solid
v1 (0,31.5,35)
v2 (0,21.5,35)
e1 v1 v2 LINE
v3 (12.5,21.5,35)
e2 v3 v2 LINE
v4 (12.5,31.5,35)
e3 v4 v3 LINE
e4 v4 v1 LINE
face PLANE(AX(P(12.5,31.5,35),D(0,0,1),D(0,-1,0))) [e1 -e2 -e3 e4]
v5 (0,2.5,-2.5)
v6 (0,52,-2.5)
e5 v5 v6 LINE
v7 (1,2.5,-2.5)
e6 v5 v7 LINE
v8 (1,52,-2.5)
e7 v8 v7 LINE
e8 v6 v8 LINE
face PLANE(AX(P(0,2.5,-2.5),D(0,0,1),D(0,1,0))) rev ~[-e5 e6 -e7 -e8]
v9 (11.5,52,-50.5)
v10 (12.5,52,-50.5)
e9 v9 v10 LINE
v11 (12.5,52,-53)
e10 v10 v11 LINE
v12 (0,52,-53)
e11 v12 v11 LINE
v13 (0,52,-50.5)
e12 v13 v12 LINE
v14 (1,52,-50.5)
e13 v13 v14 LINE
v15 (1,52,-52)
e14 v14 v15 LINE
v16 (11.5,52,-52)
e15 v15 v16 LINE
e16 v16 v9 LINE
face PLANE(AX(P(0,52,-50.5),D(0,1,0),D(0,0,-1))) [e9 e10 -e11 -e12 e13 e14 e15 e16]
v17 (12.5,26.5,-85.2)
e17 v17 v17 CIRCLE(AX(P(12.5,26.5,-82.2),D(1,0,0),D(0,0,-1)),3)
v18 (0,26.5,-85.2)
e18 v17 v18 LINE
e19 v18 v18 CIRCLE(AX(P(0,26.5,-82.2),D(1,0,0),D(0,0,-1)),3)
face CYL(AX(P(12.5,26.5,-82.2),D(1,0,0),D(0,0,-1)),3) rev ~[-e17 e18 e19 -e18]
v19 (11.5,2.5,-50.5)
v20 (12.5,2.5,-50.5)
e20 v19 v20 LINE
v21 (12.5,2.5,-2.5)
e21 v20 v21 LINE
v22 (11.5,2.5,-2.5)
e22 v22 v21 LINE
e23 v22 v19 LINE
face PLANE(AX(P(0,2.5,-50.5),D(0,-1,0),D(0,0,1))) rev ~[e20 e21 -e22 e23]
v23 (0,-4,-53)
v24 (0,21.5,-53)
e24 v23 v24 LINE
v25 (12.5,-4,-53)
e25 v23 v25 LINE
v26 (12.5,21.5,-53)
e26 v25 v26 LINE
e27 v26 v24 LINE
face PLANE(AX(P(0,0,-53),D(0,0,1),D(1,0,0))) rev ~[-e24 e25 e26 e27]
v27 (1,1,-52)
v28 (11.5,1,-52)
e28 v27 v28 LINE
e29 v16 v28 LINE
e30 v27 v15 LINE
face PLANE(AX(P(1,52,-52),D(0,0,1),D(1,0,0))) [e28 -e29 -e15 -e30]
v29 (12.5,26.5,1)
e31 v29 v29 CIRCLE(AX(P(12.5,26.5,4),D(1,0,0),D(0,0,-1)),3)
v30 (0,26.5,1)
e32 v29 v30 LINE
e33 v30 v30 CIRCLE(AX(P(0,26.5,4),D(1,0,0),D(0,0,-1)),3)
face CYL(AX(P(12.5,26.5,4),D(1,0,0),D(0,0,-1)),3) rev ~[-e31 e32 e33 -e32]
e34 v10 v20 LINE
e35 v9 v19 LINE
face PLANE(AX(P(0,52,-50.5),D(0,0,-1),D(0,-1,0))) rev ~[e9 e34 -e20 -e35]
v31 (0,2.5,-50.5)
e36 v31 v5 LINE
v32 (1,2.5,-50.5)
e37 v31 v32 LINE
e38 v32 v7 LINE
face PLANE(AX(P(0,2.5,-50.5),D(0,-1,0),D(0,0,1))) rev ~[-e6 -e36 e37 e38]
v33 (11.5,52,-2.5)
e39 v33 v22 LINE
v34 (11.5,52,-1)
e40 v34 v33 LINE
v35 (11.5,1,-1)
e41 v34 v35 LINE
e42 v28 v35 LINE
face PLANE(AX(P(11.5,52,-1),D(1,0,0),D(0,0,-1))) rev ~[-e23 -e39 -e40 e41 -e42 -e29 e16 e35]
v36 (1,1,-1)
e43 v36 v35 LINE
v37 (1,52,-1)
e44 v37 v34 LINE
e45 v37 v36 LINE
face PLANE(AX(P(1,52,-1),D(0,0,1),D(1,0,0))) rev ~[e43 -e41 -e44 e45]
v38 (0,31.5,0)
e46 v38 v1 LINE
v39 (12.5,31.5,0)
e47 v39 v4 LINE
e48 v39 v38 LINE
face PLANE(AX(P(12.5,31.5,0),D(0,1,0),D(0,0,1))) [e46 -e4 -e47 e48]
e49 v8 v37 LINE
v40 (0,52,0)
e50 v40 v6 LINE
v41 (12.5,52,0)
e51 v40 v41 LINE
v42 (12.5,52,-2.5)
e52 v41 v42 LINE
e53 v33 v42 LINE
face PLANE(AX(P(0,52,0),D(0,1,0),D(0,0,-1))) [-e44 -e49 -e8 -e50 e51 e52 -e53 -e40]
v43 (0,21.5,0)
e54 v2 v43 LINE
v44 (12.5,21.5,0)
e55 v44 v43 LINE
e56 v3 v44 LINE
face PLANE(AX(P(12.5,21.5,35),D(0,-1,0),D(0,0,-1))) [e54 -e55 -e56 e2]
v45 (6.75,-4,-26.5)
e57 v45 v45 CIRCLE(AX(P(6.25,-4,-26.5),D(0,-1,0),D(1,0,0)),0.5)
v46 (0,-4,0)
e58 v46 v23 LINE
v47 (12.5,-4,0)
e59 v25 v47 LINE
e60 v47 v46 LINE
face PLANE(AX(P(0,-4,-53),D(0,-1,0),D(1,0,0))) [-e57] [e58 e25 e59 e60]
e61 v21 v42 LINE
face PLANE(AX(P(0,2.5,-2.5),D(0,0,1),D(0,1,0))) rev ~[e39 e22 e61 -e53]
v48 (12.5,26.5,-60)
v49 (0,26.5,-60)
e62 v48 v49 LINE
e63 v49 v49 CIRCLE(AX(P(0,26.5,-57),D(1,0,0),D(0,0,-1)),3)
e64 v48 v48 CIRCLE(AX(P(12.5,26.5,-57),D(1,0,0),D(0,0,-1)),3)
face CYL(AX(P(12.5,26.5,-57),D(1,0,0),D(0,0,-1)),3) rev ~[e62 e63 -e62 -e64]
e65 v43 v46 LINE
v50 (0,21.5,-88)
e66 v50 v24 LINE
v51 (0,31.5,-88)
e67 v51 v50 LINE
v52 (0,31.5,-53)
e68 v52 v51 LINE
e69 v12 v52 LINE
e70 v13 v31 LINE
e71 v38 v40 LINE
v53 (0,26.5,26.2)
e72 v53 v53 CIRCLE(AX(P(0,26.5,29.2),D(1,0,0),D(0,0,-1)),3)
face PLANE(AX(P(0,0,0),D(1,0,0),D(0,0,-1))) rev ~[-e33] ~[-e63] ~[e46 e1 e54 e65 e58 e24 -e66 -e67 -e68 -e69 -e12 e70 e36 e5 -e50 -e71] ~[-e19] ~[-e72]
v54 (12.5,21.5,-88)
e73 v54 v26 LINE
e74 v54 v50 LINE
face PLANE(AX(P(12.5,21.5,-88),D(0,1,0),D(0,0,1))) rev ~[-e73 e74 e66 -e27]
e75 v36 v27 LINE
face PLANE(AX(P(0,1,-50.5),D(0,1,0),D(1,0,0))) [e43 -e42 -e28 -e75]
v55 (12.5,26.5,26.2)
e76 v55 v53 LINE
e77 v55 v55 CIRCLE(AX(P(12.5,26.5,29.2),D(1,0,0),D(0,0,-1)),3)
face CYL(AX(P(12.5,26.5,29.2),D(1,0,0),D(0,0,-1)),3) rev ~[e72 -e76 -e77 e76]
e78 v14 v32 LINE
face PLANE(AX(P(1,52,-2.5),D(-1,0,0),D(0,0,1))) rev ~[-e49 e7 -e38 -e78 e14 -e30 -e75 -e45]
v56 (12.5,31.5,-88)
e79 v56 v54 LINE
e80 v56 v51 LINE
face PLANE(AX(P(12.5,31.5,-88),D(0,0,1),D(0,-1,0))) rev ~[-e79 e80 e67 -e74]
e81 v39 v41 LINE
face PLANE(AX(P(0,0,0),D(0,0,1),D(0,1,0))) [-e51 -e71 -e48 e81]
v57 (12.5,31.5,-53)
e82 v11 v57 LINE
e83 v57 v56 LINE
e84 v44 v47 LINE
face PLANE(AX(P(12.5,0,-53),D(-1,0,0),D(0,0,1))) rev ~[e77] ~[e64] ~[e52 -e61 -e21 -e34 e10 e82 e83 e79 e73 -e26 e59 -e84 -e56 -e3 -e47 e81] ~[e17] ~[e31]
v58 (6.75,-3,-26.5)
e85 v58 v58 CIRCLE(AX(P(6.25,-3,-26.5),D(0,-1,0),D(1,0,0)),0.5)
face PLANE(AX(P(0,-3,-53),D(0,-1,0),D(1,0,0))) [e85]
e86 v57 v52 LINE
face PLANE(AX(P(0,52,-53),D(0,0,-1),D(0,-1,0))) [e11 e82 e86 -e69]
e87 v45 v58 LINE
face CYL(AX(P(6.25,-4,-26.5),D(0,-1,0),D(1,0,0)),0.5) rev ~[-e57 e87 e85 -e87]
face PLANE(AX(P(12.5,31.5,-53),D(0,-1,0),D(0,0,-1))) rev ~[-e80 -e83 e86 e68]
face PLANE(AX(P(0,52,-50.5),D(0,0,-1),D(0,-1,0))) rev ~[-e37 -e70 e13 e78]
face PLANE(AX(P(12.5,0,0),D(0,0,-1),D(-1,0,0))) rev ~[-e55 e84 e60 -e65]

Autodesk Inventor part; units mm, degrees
ref_plane "YZ Plane" through (0, 0, 0) normal (1, 0, 0) x (0, 1, 0)
ref_plane "XZ Plane" through (0, 0, 0) normal (0, 1, 0) x (-1, 0, 0)
ref_plane "XY Plane" through (0, 0, 0) normal (0, 0, 1) x (1, 0, 0)
sketch "Sketch1" plane through (0, 0, 0) normal (1, 0, 0) x (0, 1, 0)
  line L0 (0, 0) -> (52, 0)
  line L1 (52, 0) -> (52, -53)
  line L2 (52, -53) -> (0, -53)
  line L3 (0, -53) -> (0, 0)
  line L4 (0, 0) -> (2.5, 0) construction
  line L5 (2.5, 0) -> (2.5, -2.5) construction
  line L6 (52, -53) -> (52, -50.5) construction
  line L7 (52, 0) -> (52, -2.5) construction
  line L8 (2.5, -2.5) -> (52, -2.5)
  line L9 (52, -2.5) -> (52, -50.5)
  line L10 (52, -50.5) -> (2.5, -50.5)
  line L11 (2.5, -50.5) -> (2.5, -2.5)
  dimension "d0" = 53
  dimension "d1" = 52
  dimension "d2" = 2.5
  dimension "d3" = 2.5
  dimension "d4" = 2.5
  dimension "d5" = 2.5
extrude "Extrusion1" add sketch "Sketch1" along normal blind 12.5 contours L0 L1 L8 L11 L10 L2 L3
sketch "Sketch2" plane through (0, 52, -50.5) normal (0, 1, 0) x (1, 0, 0)
  line L0 (12.5, 2.5) -> (12.5, 0) construction
  line L1 (12.5, 2.5) -> (11.5, 2.5) construction
  line L2 (0, 2.5) -> (12.5, 2.5) construction
  line L3 (11.5, 2.5) -> (11.5, 1.5) construction
  line L4 (0, 2.5) -> (1, 2.5) construction
  line L5 (1, 2.5) -> (1, 1.5) construction
  line L6 (0, -50.5) -> (12.5, -50.5) construction
  line L7 (12.5, -50.5) -> (11.5, -50.5) construction
  line L8 (11.5, -50.5) -> (11.5, -49.5) construction
  line L9 (0, -50.5) -> (1, -50.5) construction
  line L10 (1, -50.5) -> (1, -49.5) construction
  line L11 (1, -49.5) -> (11.5, -49.5)
  line L12 (11.5, -49.5) -> (11.5, -48)
  line L13 (11.5, -48) -> (1, -48)
  line L14 (1, -48) -> (1, -49.5)
  line L15 (1, 1.5) -> (11.5, 1.5)
  line L16 (11.5, 1.5) -> (11.5, 0)
  line L17 (11.5, 0) -> (1, 0)
  line L18 (1, 0) -> (1, 1.5)
  dimension "d8" = 1
  dimension "d9" = 1
  dimension "d10" = 1
  dimension "d11" = 1
  dimension "d14" = 1
  dimension "d15" = 1
  dimension "d16" = 1
  dimension "d17" = 1
  dimension "d18" = 1.5
  dimension "d19" = 10.5
  dimension "d20" = 10.5
  dimension "d21" = 1.5
extrude "Extrusion2" cut sketch "Sketch2" against normal blind 51
sketch "Sketch3" plane through (0, 2.5, -2.5) normal (0, 1, 0) x (1, 0, 0)
  line L0 (0, -2.5) -> (1, -2.5) construction
  line L1 (0, -2.5) -> (12.5, -2.5) construction
  line L2 (0, -2.5) -> (0, -1.5) construction
  line L3 (0, -2.5) -> (0, 50.5) construction
  line L4 (0, -1.5) -> (1, -1.5) construction
  line L5 (1, -1.5) -> (11.5, -1.5)
  line L6 (11.5, -1.5) -> (11.5, 49.5)
  line L7 (11.5, 49.5) -> (1, 49.5)
  line L8 (1, 49.5) -> (1, -1.5)
  dimension "d23" = 1
  dimension "d24" = 1
  dimension "d25" = 10.5
  dimension "d26" = 51
extrude "Extrusion3" cut sketch "Sketch3" against normal blind 1.5
sketch "Sketch4" plane through (12.5, 0, 0) normal (1, 0, 0) x (0, 0, -1)
  line L0 (53, 52) -> (50.5, 52) construction
  line L1 (53, 52) -> (53, 26.5) construction
  line L2 (53, 26.5) -> (108.8773, 26.5) construction
  line L3 (53, 26.5) -> (53, 31.5) construction
  line L4 (53, 0) -> (53, 52) construction
  line L5 (53, 31.5) -> (88, 31.5)
  line L6 (88, 31.5) -> (88, 21.5)
  line L7 (88, 21.5) -> (53, 21.5)
  line L8 (53, 21.5) -> (53, 31.5)
  line L9 (0, 52) -> (0, 26.5) construction
  line L10 (0, 52) -> (0, 0) construction
  line L11 (0, 26.5) -> (-54.8348, 26.5) construction
  line L12 (0, 26.5) -> (0, 31.5) construction
  line L13 (0, 31.5) -> (-35, 31.5)
  line L14 (-35, 31.5) -> (-35, 21.5)
  line L15 (-35, 21.5) -> (0, 21.5)
  line L16 (0, 21.5) -> (0, 31.5)
  dimension "d29" = 25.5
  dimension "d30" = 5
  dimension "d31" = 10
  dimension "d32" = 35
  dimension "d41" = 25.5
  dimension "d42" = 5
  dimension "d43" = 35
  dimension "d44" = 10
extrude "Extrusion4" add sketch "Sketch4" against normal blind 12.5
sketch "Sketch5" plane through (12.5, 0, 0) normal (1, 0, 0) x (0, 0, -1)
  line L0 (53, 52) -> (50.5, 52) construction
  line L1 (50.5, 52) -> (50.5, 26.5) construction
  line L2 (50.5, 52) -> (50.5, 2.5) construction
  line L3 (50.5, 26.5) -> (53, 26.5) construction
  line L4 (53, 26.5) -> (57, 26.5) construction
  circle A0 centre (57, 26.5) radius 3
  line L5 (57, 26.5) -> (82.2, 26.5) construction
  circle A1 centre (82.2, 26.5) radius 3
  line L6 (0, 52) -> (0, 26.5) construction
  line L7 (0, 26.5) -> (-4, 26.5) construction
  line L8 (-4, 26.5) -> (-29.2, 26.5) construction
  circle A2 centre (-4, 26.5) radius 3
  circle A3 centre (-29.2, 26.5) radius 3
  point P0 (0, 0)
  dimension "d35" = 25.5
  dimension "d36" = 2.5
  dimension "d37" = 6
  dimension "d38" = 4
  dimension "d39" = 25.2
  dimension "d40" = 6
  dimension "d45" = 25.5
  dimension "d46" = 4
  dimension "d47" = 25.2
  dimension "d48" = 6
  dimension "d49" = 6
extrude "Extrusion5" cut sketch "Sketch5" against normal blind 12.5
sketch "Sketch6" plane through (0, 0, -53) normal (0, -1, 0) x (1, 0, 0)
  line L0 (12.5, 53) -> (0, 53)
  line L1 (0, 53) -> (0, 0)
  line L2 (0, 0) -> (12.5, 0)
  line L3 (12.5, 0) -> (12.5, 53)
  line L4 (12.5, 53) -> (12.5, 0) projected
  dimension "d54" = 0
extrude "Extrusion6" add sketch "Sketch6" along normal blind 4
sketch "Sketch7" plane through (0, -4, -53) normal (0, -1, 0) x (1, 0, 0)
  line L0 (12.5, 53) -> (0, 53) construction
  line L1 (6.25, 53) -> (6.25, 26.5) construction
  circle A0 centre (6.25, 26.5) radius 0.5
  dimension "d55" = 26.5
  dimension "d56" = 1
extrude "Extrusion7" cut sketch "Sketch7" against normal blind 1
equation "\"d0\" = lfan + 2 * thickness"
equation "\"d1\" = lfan + thickness"
equation "\"d2\" = fanclip"
equation "\"d3\" = fanclip"
equation "\"d4\" = fanclip"
equation "\"d5\" = fanclip"
equation "\"d6\" = tfan + 2 * thickness"
equation "\"d8\" = thickness"
equation "\"d9\" = thickness"
equation "\"d10\" = thickness"
equation "\"d11\" = thickness"
equation "\"d14\" = thickness"
equation "\"d15\" = thickness"
equation "\"d16\" = thickness"
equation "\"d17\" = thickness"
equation "\"d18\" = fanclip - thickness"
equation "\"d19\" = tfan"
equation "\"d20\" = tfan"
equation "\"d21\" = fanclip - thickness"
equation "\"d12\" = lfan"
equation "\"d23\" = thickness"
equation "\"d24\" = thickness"
equation "\"d25\" = tfan"
equation "\"d26\" = lfan"
equation "\"d27\" = fanclip - thickness"
equation "\"d29\" = 0.5 * lfan"
equation "\"d30\" = 0.5 * twing"
equation "\"d31\" = twing"
equation "\"d32\" = lwing"
equation "\"d41\" = 0.5 * lfan"
equation "\"d42\" = 0.5 * twing"
equation "\"d43\" = lwing"
equation "\"d44\" = twing"
equation "\"d33\" = tfan + 2 * thickness"
equation "\"d35\" = 0.5 * lfan"
equation "\"d36\" = fanclip"
equation "\"d37\" = dPhoto"
equation "\"d38\" = gapto1"
equation "\"d39\" = gapto2"
equation "\"d40\" = dPhoto"
equation "\"d45\" = 0.5 * lfan"
equation "\"d46\" = gapto1"
equation "\"d47\" = gapto2"
equation "\"d48\" = dPhoto"
equation "\"d49\" = dPhoto"
equation "\"d50\" = tfan + 2 * thickness"
equation "\"d52\" = 4 * thickness"
equation "\"d55\" = 0.5 * lfan + thickness"
equation "\"d57\" = thickness"
equation "\"lfan\" = 51"
equation "\"tfan\" = 10.5"
equation "\"thickness\" = 1"
equation "\"fanclip\" = 2.5"
equation "\"twing\" = 10"
equation "\"lwing\" = 35"
equation "\"dPhoto\" = 6"
equation "\"gapto1\" = 4"
equation "\"gapto2\" = 25.2"
properties part number "FanPTMounts"
